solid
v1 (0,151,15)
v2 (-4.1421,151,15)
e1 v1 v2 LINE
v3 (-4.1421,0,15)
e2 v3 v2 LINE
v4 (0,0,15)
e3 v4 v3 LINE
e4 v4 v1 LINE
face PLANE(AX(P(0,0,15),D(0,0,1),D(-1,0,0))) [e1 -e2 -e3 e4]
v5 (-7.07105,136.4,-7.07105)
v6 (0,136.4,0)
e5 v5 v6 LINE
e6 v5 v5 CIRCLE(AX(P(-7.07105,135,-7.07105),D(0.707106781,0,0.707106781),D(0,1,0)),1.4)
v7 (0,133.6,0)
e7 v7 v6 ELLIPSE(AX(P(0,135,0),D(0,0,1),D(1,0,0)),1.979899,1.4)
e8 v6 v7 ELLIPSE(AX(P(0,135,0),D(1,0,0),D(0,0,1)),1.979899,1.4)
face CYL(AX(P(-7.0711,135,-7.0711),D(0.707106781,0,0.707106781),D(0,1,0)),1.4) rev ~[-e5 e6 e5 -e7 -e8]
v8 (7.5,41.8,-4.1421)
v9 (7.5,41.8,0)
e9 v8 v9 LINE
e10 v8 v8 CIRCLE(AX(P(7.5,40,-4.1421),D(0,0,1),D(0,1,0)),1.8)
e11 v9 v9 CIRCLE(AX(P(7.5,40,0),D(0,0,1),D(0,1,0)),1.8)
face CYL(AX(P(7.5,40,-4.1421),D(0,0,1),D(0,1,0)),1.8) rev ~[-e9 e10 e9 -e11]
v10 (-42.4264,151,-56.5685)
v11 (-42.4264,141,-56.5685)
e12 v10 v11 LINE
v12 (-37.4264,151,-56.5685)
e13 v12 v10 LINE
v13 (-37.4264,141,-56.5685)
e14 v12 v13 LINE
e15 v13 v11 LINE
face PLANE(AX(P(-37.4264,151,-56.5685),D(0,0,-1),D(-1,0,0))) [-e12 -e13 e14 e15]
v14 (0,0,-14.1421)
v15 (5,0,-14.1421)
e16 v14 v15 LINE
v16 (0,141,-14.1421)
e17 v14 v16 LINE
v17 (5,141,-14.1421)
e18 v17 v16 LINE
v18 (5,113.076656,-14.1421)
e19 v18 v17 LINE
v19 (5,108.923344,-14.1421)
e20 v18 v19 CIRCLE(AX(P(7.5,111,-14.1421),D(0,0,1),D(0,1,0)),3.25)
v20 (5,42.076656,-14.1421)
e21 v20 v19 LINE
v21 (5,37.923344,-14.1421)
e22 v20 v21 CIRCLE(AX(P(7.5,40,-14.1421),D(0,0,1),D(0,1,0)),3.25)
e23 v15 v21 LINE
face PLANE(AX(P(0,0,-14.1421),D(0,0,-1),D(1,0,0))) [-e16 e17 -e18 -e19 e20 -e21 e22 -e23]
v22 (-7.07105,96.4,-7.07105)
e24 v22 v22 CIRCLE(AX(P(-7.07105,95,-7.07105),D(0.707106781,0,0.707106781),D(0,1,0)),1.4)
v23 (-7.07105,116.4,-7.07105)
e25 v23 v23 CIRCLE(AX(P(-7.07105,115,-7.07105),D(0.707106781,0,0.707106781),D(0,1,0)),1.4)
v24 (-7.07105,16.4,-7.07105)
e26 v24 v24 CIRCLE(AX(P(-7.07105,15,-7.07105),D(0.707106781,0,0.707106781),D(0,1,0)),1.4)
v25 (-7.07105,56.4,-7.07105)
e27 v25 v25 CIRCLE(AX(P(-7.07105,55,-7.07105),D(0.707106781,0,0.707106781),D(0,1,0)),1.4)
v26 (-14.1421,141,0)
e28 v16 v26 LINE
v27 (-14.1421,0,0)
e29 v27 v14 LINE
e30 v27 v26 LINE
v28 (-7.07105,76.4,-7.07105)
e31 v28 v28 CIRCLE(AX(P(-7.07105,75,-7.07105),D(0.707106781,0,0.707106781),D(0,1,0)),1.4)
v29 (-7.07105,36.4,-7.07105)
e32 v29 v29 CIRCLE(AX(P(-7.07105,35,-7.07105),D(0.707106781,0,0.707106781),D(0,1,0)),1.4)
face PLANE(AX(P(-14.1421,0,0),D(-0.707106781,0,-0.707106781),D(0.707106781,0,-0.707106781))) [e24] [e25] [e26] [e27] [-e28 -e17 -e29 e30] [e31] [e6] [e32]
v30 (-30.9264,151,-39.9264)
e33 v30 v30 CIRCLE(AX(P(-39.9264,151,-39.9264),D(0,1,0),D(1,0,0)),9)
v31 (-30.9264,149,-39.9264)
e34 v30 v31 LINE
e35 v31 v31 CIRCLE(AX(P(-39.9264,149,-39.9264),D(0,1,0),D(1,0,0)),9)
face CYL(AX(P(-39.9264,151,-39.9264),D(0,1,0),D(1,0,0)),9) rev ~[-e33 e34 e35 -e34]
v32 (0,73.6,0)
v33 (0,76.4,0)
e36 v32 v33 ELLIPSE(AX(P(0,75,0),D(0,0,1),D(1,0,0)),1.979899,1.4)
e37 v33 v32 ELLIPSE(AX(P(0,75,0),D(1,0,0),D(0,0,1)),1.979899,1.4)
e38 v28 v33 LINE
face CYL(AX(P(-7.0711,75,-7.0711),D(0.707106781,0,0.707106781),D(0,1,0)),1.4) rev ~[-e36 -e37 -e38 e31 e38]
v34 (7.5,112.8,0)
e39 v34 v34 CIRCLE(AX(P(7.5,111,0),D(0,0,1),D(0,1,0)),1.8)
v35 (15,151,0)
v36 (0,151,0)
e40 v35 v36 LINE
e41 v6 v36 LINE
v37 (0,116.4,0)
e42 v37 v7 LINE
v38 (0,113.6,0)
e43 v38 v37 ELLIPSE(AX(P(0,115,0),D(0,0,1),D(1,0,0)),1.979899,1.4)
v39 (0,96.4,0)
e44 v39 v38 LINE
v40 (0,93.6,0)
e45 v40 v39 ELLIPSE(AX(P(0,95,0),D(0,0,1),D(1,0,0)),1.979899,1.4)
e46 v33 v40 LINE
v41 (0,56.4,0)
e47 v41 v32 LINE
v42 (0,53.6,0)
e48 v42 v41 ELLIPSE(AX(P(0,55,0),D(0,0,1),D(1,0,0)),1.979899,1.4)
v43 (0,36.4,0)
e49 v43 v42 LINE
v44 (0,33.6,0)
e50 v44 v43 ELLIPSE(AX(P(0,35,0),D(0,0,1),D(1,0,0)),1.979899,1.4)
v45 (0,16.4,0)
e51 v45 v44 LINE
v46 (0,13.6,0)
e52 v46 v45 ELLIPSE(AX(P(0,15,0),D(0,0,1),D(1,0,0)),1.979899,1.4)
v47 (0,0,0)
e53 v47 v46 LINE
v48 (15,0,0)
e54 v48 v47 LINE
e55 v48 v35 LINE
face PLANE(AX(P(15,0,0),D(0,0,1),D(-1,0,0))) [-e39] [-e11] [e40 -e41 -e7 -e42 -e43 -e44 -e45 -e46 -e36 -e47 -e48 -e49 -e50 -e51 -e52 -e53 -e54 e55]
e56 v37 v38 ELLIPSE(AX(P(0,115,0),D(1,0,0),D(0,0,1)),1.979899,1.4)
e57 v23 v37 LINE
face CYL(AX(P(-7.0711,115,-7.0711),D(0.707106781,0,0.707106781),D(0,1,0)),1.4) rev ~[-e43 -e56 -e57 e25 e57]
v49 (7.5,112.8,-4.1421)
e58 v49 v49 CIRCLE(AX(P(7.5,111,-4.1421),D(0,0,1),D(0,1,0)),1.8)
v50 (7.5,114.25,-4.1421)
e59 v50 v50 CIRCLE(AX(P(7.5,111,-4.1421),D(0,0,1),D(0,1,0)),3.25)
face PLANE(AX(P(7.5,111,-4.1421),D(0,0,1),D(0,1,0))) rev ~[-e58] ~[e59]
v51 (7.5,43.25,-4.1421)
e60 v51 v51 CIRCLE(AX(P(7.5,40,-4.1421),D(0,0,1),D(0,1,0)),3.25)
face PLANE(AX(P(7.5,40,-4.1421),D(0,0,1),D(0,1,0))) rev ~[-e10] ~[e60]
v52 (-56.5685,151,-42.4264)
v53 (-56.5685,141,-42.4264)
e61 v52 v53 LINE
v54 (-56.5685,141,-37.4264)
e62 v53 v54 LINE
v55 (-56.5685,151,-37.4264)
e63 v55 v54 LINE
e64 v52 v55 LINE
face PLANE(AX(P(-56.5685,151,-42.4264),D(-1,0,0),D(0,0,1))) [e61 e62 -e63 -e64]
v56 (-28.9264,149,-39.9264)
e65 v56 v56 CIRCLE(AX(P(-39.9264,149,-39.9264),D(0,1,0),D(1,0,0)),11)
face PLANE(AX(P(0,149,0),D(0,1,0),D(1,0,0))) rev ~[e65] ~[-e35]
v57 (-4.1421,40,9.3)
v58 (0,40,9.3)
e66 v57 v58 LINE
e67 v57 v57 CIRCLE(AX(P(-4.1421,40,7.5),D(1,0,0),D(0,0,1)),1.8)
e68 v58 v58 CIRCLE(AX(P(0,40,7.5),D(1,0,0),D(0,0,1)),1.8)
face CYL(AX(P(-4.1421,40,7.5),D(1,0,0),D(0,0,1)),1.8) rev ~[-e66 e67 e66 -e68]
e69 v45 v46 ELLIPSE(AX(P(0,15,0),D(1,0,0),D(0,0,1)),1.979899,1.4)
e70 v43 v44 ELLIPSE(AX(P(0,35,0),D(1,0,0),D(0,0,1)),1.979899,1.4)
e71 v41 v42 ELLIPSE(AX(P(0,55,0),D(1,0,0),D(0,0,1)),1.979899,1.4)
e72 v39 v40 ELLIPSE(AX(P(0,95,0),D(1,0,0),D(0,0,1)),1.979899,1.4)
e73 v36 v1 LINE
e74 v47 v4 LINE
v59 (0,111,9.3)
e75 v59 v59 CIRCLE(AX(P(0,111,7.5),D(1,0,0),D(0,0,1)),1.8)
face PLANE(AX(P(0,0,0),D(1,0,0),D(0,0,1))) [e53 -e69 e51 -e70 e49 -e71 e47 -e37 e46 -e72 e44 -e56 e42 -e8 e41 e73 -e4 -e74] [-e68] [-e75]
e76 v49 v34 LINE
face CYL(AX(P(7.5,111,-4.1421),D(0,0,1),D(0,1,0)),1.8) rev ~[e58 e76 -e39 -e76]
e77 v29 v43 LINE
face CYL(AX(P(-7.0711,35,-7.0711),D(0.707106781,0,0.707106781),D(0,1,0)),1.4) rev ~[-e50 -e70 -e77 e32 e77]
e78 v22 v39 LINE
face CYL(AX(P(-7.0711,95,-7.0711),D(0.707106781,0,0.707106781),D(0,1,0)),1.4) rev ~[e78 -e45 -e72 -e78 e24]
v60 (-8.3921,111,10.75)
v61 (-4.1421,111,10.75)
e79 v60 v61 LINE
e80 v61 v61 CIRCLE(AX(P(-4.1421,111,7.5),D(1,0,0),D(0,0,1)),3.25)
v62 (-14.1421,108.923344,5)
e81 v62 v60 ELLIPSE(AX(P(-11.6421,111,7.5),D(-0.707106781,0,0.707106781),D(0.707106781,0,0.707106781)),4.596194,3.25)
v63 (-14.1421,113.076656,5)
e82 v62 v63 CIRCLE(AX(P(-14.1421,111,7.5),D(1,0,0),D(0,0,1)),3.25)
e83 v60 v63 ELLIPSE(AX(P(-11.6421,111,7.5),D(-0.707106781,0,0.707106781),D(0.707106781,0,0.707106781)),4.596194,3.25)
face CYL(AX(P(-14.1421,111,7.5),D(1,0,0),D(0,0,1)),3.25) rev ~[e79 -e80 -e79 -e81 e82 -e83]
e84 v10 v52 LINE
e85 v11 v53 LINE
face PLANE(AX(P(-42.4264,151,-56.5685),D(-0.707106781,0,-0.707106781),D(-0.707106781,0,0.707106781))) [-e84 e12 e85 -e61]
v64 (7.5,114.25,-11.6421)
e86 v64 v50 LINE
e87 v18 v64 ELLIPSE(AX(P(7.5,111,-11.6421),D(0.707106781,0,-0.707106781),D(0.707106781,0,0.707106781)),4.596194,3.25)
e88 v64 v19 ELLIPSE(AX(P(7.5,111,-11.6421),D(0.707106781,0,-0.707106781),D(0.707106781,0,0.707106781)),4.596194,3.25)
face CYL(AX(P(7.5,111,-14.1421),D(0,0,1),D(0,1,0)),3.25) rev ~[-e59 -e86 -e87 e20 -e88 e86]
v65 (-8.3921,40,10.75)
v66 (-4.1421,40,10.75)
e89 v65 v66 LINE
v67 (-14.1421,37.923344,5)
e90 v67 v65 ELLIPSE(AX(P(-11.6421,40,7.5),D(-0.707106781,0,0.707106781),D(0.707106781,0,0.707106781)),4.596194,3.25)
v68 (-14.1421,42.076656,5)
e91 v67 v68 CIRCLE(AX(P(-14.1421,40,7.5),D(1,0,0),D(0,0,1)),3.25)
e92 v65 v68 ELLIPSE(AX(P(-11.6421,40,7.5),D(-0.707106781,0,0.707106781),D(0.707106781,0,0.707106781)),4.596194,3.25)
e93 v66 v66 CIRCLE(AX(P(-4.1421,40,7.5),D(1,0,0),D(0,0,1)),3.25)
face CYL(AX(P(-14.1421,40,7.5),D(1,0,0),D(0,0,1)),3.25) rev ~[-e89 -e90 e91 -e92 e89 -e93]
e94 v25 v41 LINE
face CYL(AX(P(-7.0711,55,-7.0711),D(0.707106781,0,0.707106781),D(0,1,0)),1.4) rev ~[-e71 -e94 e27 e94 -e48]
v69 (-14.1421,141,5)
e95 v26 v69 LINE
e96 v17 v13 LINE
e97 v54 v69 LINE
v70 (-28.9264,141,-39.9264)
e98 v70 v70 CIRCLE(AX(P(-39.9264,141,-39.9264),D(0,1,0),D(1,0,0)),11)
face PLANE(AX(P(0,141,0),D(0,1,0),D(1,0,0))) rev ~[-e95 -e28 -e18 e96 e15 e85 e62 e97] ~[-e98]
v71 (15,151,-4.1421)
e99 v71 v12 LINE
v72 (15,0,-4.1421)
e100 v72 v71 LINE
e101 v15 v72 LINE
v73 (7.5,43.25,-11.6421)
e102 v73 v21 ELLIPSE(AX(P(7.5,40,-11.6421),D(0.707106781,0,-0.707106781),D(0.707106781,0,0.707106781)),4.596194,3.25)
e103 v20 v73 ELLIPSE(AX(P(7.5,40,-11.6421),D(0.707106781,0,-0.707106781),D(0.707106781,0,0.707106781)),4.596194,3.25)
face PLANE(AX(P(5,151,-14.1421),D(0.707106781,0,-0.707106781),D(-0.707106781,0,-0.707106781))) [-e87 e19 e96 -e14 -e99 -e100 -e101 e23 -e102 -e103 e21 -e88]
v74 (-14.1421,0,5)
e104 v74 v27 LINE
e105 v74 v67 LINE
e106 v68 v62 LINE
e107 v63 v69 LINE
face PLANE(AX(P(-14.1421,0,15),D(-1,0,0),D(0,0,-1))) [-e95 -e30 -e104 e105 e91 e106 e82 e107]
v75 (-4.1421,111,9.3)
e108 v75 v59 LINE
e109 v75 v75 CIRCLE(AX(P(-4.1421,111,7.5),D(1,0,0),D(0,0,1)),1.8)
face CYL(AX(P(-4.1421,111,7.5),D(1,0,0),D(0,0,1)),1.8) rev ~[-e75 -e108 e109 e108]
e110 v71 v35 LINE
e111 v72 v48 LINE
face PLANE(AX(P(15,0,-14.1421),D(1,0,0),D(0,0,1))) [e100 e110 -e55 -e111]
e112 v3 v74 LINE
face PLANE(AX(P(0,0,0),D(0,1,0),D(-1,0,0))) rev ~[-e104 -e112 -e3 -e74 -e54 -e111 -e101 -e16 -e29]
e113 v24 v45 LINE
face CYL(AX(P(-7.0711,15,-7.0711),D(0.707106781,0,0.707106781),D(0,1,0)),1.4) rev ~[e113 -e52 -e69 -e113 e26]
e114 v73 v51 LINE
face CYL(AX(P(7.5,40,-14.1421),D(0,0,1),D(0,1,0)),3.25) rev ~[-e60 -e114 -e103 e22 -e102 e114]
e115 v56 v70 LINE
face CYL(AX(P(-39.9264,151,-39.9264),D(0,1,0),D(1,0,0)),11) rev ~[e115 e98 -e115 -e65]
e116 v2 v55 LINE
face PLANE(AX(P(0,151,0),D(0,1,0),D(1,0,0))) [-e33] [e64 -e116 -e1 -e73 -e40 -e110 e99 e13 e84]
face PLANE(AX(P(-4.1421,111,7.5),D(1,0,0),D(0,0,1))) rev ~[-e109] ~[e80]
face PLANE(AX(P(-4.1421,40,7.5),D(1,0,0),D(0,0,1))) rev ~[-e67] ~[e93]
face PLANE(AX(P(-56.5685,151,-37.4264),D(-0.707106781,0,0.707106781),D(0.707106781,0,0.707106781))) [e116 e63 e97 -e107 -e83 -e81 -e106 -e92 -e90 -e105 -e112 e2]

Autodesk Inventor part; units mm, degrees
ref_plane "YZ Plane" through (0, 0, 0) normal (1, 0, 0) x (0, 1, 0)
ref_plane "XZ Plane" through (0, 0, 0) normal (0, 1, 0) x (-1, 0, 0)
ref_plane "XY Plane" through (0, 0, 0) normal (0, 0, 1) x (1, 0, 0)
sketch "Sketch1" plane through (0, 0, 0) normal (0, 1, 0) x (-1, 0, 0)
  line L0 (0, 0) -> (0, 15)
  line L1 (0, 15) -> (14.1421, 15)
  line L2 (14.1421, 15) -> (14.1421, 0)
  line L3 (14.1421, 0) -> (0, -14.1421)
  line L4 (0, -14.1421) -> (-15, -14.1421)
  line L5 (-15, -14.1421) -> (-15, 0)
  line L6 (-15, 0) -> (0, 0)
  dimension "d0" = 15
  dimension "d1" = 10
extrude "Extrusion1" add sketch "Sketch1" along normal blind 151
chamfer "Chamfer1" distance 10 angle 45 2 edges at (-14.1421, 75.5, 15) (15, 75.5, -14.1421)
sketch "Sketch2" plane through (0, 151, 0) normal (0, 1, 0) x (1, 0, 0)
  line L0 (5, 14.1421) -> (15, 4.1421) projected
  line L1 (5, 14.1421) -> (0, 14.1421) projected
  line L2 (0, 14.1421) -> (-14.1421, 0) projected
  line L3 (-14.1421, 0) -> (-14.1421, -5) projected
  line L4 (-4.1421, -15) -> (-14.1421, -5) projected
  line L5 (-4.1421, -15) -> (0, -15) projected
  line L6 (0, -15) -> (0, 0) projected
  line L7 (0, 0) -> (15, 0) projected
  line L8 (15, 0) -> (15, 4.1421) projected
  circle A0 centre (-39.9264, 39.9264) radius 11
  line L9 (5, 14.1421) -> (-37.4264, 56.5685)
  line L10 (-37.4264, 56.5685) -> (-42.4264, 56.5685)
  line L11 (-42.4264, 56.5685) -> (-56.5685, 42.4264)
  line L12 (-56.5685, 42.4264) -> (-56.5685, 37.4264)
  line L13 (-56.5685, 37.4264) -> (-14.1421, -5)
  line L14 (-4.1421, -15) -> (-14.1421, -5) projected
  line L15 (5, 14.1421) -> (15, 4.1421) projected
  line L16 (-14.1421, 0) -> (-14.1421, -5) projected
  dimension "d7" = 22
  dimension "d8" = 60
  dimension "d9" = 27.0711
  dimension "d10" = 13.5355
  dimension "d11" = 13.5355
extrude "Extrusion2" add sketch "Sketch2" against normal blind 10 contours L1 L2 L3 L13 L12 L11 L10 L9
sketch "Sketch3" plane through (0, 151, 0) normal (0, 1, 0) x (1, 0, 0)
  circle A0 centre (-39.9264, 39.9264) radius 11 projected
  circle A1 centre (-39.9264, 39.9264) radius 9
  point P0 (0, 0)
  dimension "d14" = 2
extrude "Extrusion3" add sketch "Sketch3" against normal blind 2
sketch "Sketch4" plane through (-14.1421, 0, 0) normal (-1, 0, 0) x (0, 0, 1)
  line L0 (5, 141) -> (0, 141) projected
  line L1 (0, 0) -> (0, 141) projected
  line L2 (0, 0) -> (5, 0) projected
  line L3 (5, 141) -> (5, 0) projected
  line L4 (-37.4264, 151) -> (15, 151) projected
  line L5 (-37.4264, 151) -> (-37.4264, 141) projected
  line L6 (5, 141) -> (-37.4264, 141) projected
  line L7 (5, 141) -> (5, 0) projected
  line L8 (5, 0) -> (15, 0) projected
  line L9 (15, 0) -> (15, 151) projected
  point P0 (0, 0)
  point P1 (7.5, 40)
  point P2 (7.5, 111)
  dimension "d17" = 7.5
  dimension "d18" = 40
  dimension "d19" = 40
hole "Hole1" at (-14.1421, 40, 7.5) at (-14.1421, 111, 7.5) direction (1, 0, 0) diameter 3.6 end through all counterbore diameter 6.5 counterbore depth 10 clearance for "Hex Head Cap Screw ISO 24017" size "M3" standard "ISO"
sketch "Sketch5" plane through (5, 0, -14.1421) normal (0, 0, -1) x (-1, 0, 0)
  line L0 (5, 141) -> (0, 141) projected
  line L1 (0, 0) -> (0, 141) projected
  line L2 (0, 0) -> (5, 0) projected
  line L3 (5, 0) -> (5, 141) projected
  line L4 (-10, 151) -> (42.4264, 151) projected
  line L5 (-10, 151) -> (-10, 0) projected
  line L6 (-10, 0) -> (0, 0) projected
  line L7 (0, 0) -> (0, 141) projected
  line L8 (42.4264, 141) -> (0, 141) projected
  line L9 (42.4264, 151) -> (42.4264, 141) projected
  point P0 (-2.5, 40)
  point P1 (-2.5, 111)
  dimension "d27" = 7.5
  dimension "d28" = 40
  dimension "d29" = 40
hole "Hole2" at (7.5, 40, -14.1421) at (7.5, 111, -14.1421) direction (0, 0, 1) diameter 3.6 end through all counterbore diameter 6.5 counterbore depth 10 clearance for "Hex Head Cap Screw ISO 24017" size "M3" standard "ISO"
sketch "Sketch6" plane through (0, 0, -14.1421) normal (-0.7071, 0, -0.7071) x (-0.7071, 0, 0.7071)
  circle A0 centre (10, -125) radius 3 projected
  circle A1 centre (10, -85) radius 3 projected
  circle A2 centre (10, -45) radius 3 projected
  circle A3 centre (10, -5) radius 3 projected
  circle A4 centre (10, 35) radius 3 projected
  circle A5 centre (10, 75) radius 3 projected
  circle A6 centre (10, 115) radius 3 projected
  circle A7 centre (10, 135) radius 3 projected
  circle A8 centre (10, 95) radius 3 projected
  circle A9 centre (10, 55) radius 3 projected
  circle A10 centre (10, 15) radius 3 projected
  circle A11 centre (10, -25) radius 3 projected
  circle A12 centre (10, -65) radius 3 projected
  circle A13 centre (10, -105) radius 3 projected
  circle A14 centre (10, -145) radius 3 projected
  line L0 (14.5, 140) -> (5.5, 140) projected
  line L1 (5.5, 140) -> (5.5, -210) projected
  line L2 (14.5, -210) -> (5.5, -210) projected
  line L3 (14.5, 140) -> (14.5, -210) projected
  circle A15 centre (10, -205) radius 3 projected
  circle A16 centre (10, -165) radius 3 projected
  circle A17 centre (10, -185) radius 3 projected
  point P0 (10, 0)
hole "Hole3" at (-7.0711, 15, -7.0711) at (-7.0711, 35, -7.0711) at (-7.0711, 55, -7.0711) at (-7.0711, 75, -7.0711) at (-7.0711, 95, -7.0711) at (-7.0711, 115, -7.0711) at (-7.0711, 135, -7.0711) direction (0.7071, 0, 0.7071) diameter 2.8 end through all
equation "\"d10\" = 0.5 * d9"
equation "\"d11\" = d10"
equation "\"d19\" = d18"
equation "\"d29\" = d28"
properties part number "Corner Z Brace w Bearing" material "ABS Plastic"
